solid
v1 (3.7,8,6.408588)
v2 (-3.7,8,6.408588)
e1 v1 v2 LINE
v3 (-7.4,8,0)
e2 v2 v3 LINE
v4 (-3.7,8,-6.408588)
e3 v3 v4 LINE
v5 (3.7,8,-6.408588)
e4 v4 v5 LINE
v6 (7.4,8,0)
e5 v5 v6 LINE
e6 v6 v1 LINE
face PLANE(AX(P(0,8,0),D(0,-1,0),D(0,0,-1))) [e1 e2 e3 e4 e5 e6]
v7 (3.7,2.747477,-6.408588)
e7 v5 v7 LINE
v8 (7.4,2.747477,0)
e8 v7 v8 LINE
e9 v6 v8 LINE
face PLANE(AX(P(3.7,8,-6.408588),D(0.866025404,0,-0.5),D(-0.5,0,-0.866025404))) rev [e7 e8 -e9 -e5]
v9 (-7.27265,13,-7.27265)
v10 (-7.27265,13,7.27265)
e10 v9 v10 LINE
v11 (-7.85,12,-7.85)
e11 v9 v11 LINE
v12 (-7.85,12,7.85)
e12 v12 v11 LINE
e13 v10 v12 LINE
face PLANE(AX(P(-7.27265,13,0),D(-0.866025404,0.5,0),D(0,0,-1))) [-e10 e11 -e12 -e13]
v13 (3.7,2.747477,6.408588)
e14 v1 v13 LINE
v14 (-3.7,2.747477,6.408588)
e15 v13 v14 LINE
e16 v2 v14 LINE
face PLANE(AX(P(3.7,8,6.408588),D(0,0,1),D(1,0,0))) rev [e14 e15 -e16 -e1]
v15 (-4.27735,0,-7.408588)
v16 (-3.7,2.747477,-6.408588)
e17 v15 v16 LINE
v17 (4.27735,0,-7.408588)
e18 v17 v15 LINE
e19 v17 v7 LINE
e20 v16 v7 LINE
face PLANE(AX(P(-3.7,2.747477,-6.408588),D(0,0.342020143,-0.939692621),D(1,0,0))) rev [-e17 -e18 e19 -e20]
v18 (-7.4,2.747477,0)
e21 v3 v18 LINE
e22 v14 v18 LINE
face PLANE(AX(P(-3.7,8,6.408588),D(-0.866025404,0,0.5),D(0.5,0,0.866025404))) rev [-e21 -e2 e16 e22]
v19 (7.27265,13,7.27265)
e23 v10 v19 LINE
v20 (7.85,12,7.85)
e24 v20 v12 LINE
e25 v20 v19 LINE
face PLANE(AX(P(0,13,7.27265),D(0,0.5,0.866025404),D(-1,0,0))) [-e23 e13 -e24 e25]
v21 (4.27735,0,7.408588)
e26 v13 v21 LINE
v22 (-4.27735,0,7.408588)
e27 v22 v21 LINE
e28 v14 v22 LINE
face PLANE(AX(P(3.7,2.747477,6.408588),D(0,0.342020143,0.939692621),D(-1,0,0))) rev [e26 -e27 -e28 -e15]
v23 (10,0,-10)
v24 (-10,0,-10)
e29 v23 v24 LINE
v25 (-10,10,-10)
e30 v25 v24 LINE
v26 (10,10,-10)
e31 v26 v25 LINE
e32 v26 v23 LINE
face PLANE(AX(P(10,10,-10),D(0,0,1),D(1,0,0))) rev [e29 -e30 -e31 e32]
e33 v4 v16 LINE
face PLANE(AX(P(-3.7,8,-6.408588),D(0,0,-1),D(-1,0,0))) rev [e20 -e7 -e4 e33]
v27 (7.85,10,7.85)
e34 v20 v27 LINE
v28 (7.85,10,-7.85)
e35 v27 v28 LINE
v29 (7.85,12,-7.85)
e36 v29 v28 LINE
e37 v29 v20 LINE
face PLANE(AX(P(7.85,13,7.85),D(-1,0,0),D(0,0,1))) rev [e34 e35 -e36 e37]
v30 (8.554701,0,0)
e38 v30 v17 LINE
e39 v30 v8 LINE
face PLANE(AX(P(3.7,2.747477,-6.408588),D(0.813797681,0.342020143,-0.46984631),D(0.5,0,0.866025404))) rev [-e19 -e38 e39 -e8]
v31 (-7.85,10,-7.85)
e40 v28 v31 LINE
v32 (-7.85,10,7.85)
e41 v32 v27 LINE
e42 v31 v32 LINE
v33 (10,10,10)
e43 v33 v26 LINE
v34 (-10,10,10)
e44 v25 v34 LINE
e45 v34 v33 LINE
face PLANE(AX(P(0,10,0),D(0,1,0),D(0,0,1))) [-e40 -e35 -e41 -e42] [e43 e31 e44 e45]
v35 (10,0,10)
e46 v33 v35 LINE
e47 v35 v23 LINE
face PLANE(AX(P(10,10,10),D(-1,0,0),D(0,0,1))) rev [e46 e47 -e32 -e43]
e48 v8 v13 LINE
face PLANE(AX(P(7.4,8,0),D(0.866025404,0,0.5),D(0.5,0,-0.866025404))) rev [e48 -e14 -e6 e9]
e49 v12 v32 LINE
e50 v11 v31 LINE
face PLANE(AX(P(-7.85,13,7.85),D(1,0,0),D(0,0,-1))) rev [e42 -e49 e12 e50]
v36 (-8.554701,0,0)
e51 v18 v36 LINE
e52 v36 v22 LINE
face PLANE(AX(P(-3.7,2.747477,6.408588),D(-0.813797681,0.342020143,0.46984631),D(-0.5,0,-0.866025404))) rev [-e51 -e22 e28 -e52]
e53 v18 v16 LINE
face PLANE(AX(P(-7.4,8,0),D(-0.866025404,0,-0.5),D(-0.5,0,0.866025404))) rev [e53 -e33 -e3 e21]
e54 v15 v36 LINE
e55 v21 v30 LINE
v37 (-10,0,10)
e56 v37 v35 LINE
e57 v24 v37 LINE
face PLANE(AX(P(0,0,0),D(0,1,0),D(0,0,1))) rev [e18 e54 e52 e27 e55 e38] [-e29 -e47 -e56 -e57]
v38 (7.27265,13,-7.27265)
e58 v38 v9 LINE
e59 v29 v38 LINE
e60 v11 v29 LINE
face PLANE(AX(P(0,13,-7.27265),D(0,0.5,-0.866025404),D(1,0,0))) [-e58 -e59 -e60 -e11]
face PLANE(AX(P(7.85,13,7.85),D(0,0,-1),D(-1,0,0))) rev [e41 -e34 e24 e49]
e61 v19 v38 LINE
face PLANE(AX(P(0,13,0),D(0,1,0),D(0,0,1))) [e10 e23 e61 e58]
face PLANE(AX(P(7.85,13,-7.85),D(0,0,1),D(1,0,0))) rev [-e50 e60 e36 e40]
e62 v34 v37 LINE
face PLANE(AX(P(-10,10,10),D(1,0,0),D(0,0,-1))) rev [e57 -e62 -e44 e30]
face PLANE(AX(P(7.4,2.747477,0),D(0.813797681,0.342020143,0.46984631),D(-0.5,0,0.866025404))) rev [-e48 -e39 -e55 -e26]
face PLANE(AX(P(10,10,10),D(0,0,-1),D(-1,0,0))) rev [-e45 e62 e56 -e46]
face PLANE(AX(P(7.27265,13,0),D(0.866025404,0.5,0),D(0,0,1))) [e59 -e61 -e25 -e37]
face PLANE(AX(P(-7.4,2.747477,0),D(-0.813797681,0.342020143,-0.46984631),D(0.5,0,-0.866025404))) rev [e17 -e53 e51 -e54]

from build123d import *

# Parameters (mm, degrees)
SKETCH1_W             = 20
SKETCH1_H             = 20
BOSS_EXTRUDE1_DEPTH   = 10
SKETCH2_W             = 15.7
SKETCH2_H             = 15.7
BOSS_EXTRUDE2_DEPTH   = 3
CHAMFER1_SIZE         = 1
CHAMFER1_SIZE2        = 0.577350269
CHAMFER1_PART_2_SIZE  = 1
CHAMFER1_PART_2_SIZE2 = 0.577350269
CHAMFER1_PART_3_SIZE  = 1
CHAMFER1_PART_3_SIZE2 = 0.577350269
CHAMFER1_PART_4_SIZE  = 1
CHAMFER1_PART_4_SIZE2 = 0.577350269
CUT_EXTRUDE1_DEPTH    = 8
CHAMFER2_SIZE         = 1
CHAMFER2_SIZE2        = 2.747477419


with BuildPart() as part:
    # Sketch1 → Boss-Extrude1 (new body)
    with BuildSketch(Plane(origin=(0, 0, 0), x_dir=(1, 0, 0), z_dir=(0, 1, 0))):
        Rectangle(SKETCH1_W, SKETCH1_H)
    extrude(amount=BOSS_EXTRUDE1_DEPTH)

    # Sketch2 → Boss-Extrude2 (add)
    with BuildSketch(Plane(origin=(0, 10, 0), x_dir=(1, 0, 0), z_dir=(0, 1, 0))):
        Rectangle(SKETCH2_W, SKETCH2_H)
    extrude(amount=BOSS_EXTRUDE2_DEPTH)

    # Chamfer1
    chamfer1_edges = [part.edges().sort_by_distance(p)[0] for p in [
        (-7.85, 13, 0),
    ]]
    chamfer1_side = [part.faces().sort_by_distance(p)[0] for p in [
        (-7.85, 11.5, 0),
    ]]
    chamfer(chamfer1_edges, length=CHAMFER1_SIZE, length2=CHAMFER1_SIZE2, reference=chamfer1_side[0])

    # Chamfer1 part 2
    chamfer1_part_2_edges = [part.edges().sort_by_distance(p)[0] for p in [
        (0, 13, 7.85),
    ]]
    chamfer1_part_2_side = [part.faces().sort_by_distance(p)[0] for p in [
        (0, 11.5, 7.85),
    ]]
    chamfer(chamfer1_part_2_edges, length=CHAMFER1_PART_2_SIZE, length2=CHAMFER1_PART_2_SIZE2, reference=chamfer1_part_2_side[0])

    # Chamfer1 part 3
    chamfer1_part_3_edges = [part.edges().sort_by_distance(p)[0] for p in [
        (7.85, 13, 0),
    ]]
    chamfer1_part_3_side = [part.faces().sort_by_distance(p)[0] for p in [
        (7.85, 11.5, 0),
    ]]
    chamfer(chamfer1_part_3_edges, length=CHAMFER1_PART_3_SIZE, length2=CHAMFER1_PART_3_SIZE2, reference=chamfer1_part_3_side[0])

    # Chamfer1 part 4
    chamfer1_part_4_edges = [part.edges().sort_by_distance(p)[0] for p in [
        (0, 13, -7.85),
    ]]
    chamfer1_part_4_side = [part.faces().sort_by_distance(p)[0] for p in [
        (0, 11.5, -7.85),
    ]]
    chamfer(chamfer1_part_4_edges, length=CHAMFER1_PART_4_SIZE, length2=CHAMFER1_PART_4_SIZE2, reference=chamfer1_part_4_side[0])

    # Sketch3 → Cut-Extrude1 (cut)
    with BuildSketch(Plane.XZ):
        Polygon((-3.7, 6.408587988), (-7.4, 0), (-3.7, -6.408587988), (3.7, -6.408587988), (7.4, 0), (3.7, 6.408587988), align=None)
    extrude(amount=-CUT_EXTRUDE1_DEPTH, mode=Mode.SUBTRACT)

    # Chamfer2
    chamfer2_edges = [part.edges().sort_by_distance(p)[0] for p in [
        (0, 0, 6.408587988),
        (-5.55, 0, 3.204293994),
        (-5.55, 0, -3.204293994),
        (0, 0, -6.408587988),
        (5.55, 0, -3.204293994),
        (5.55, 0, 3.204293994),
    ]]
    chamfer2_side = [part.faces().sort_by_distance(p)[0] for p in [
        (0, 0, 9.717157288),
    ]]
    chamfer(chamfer2_edges, length=CHAMFER2_SIZE, length2=CHAMFER2_SIZE2, reference=chamfer2_side[0])


solid = part.part
